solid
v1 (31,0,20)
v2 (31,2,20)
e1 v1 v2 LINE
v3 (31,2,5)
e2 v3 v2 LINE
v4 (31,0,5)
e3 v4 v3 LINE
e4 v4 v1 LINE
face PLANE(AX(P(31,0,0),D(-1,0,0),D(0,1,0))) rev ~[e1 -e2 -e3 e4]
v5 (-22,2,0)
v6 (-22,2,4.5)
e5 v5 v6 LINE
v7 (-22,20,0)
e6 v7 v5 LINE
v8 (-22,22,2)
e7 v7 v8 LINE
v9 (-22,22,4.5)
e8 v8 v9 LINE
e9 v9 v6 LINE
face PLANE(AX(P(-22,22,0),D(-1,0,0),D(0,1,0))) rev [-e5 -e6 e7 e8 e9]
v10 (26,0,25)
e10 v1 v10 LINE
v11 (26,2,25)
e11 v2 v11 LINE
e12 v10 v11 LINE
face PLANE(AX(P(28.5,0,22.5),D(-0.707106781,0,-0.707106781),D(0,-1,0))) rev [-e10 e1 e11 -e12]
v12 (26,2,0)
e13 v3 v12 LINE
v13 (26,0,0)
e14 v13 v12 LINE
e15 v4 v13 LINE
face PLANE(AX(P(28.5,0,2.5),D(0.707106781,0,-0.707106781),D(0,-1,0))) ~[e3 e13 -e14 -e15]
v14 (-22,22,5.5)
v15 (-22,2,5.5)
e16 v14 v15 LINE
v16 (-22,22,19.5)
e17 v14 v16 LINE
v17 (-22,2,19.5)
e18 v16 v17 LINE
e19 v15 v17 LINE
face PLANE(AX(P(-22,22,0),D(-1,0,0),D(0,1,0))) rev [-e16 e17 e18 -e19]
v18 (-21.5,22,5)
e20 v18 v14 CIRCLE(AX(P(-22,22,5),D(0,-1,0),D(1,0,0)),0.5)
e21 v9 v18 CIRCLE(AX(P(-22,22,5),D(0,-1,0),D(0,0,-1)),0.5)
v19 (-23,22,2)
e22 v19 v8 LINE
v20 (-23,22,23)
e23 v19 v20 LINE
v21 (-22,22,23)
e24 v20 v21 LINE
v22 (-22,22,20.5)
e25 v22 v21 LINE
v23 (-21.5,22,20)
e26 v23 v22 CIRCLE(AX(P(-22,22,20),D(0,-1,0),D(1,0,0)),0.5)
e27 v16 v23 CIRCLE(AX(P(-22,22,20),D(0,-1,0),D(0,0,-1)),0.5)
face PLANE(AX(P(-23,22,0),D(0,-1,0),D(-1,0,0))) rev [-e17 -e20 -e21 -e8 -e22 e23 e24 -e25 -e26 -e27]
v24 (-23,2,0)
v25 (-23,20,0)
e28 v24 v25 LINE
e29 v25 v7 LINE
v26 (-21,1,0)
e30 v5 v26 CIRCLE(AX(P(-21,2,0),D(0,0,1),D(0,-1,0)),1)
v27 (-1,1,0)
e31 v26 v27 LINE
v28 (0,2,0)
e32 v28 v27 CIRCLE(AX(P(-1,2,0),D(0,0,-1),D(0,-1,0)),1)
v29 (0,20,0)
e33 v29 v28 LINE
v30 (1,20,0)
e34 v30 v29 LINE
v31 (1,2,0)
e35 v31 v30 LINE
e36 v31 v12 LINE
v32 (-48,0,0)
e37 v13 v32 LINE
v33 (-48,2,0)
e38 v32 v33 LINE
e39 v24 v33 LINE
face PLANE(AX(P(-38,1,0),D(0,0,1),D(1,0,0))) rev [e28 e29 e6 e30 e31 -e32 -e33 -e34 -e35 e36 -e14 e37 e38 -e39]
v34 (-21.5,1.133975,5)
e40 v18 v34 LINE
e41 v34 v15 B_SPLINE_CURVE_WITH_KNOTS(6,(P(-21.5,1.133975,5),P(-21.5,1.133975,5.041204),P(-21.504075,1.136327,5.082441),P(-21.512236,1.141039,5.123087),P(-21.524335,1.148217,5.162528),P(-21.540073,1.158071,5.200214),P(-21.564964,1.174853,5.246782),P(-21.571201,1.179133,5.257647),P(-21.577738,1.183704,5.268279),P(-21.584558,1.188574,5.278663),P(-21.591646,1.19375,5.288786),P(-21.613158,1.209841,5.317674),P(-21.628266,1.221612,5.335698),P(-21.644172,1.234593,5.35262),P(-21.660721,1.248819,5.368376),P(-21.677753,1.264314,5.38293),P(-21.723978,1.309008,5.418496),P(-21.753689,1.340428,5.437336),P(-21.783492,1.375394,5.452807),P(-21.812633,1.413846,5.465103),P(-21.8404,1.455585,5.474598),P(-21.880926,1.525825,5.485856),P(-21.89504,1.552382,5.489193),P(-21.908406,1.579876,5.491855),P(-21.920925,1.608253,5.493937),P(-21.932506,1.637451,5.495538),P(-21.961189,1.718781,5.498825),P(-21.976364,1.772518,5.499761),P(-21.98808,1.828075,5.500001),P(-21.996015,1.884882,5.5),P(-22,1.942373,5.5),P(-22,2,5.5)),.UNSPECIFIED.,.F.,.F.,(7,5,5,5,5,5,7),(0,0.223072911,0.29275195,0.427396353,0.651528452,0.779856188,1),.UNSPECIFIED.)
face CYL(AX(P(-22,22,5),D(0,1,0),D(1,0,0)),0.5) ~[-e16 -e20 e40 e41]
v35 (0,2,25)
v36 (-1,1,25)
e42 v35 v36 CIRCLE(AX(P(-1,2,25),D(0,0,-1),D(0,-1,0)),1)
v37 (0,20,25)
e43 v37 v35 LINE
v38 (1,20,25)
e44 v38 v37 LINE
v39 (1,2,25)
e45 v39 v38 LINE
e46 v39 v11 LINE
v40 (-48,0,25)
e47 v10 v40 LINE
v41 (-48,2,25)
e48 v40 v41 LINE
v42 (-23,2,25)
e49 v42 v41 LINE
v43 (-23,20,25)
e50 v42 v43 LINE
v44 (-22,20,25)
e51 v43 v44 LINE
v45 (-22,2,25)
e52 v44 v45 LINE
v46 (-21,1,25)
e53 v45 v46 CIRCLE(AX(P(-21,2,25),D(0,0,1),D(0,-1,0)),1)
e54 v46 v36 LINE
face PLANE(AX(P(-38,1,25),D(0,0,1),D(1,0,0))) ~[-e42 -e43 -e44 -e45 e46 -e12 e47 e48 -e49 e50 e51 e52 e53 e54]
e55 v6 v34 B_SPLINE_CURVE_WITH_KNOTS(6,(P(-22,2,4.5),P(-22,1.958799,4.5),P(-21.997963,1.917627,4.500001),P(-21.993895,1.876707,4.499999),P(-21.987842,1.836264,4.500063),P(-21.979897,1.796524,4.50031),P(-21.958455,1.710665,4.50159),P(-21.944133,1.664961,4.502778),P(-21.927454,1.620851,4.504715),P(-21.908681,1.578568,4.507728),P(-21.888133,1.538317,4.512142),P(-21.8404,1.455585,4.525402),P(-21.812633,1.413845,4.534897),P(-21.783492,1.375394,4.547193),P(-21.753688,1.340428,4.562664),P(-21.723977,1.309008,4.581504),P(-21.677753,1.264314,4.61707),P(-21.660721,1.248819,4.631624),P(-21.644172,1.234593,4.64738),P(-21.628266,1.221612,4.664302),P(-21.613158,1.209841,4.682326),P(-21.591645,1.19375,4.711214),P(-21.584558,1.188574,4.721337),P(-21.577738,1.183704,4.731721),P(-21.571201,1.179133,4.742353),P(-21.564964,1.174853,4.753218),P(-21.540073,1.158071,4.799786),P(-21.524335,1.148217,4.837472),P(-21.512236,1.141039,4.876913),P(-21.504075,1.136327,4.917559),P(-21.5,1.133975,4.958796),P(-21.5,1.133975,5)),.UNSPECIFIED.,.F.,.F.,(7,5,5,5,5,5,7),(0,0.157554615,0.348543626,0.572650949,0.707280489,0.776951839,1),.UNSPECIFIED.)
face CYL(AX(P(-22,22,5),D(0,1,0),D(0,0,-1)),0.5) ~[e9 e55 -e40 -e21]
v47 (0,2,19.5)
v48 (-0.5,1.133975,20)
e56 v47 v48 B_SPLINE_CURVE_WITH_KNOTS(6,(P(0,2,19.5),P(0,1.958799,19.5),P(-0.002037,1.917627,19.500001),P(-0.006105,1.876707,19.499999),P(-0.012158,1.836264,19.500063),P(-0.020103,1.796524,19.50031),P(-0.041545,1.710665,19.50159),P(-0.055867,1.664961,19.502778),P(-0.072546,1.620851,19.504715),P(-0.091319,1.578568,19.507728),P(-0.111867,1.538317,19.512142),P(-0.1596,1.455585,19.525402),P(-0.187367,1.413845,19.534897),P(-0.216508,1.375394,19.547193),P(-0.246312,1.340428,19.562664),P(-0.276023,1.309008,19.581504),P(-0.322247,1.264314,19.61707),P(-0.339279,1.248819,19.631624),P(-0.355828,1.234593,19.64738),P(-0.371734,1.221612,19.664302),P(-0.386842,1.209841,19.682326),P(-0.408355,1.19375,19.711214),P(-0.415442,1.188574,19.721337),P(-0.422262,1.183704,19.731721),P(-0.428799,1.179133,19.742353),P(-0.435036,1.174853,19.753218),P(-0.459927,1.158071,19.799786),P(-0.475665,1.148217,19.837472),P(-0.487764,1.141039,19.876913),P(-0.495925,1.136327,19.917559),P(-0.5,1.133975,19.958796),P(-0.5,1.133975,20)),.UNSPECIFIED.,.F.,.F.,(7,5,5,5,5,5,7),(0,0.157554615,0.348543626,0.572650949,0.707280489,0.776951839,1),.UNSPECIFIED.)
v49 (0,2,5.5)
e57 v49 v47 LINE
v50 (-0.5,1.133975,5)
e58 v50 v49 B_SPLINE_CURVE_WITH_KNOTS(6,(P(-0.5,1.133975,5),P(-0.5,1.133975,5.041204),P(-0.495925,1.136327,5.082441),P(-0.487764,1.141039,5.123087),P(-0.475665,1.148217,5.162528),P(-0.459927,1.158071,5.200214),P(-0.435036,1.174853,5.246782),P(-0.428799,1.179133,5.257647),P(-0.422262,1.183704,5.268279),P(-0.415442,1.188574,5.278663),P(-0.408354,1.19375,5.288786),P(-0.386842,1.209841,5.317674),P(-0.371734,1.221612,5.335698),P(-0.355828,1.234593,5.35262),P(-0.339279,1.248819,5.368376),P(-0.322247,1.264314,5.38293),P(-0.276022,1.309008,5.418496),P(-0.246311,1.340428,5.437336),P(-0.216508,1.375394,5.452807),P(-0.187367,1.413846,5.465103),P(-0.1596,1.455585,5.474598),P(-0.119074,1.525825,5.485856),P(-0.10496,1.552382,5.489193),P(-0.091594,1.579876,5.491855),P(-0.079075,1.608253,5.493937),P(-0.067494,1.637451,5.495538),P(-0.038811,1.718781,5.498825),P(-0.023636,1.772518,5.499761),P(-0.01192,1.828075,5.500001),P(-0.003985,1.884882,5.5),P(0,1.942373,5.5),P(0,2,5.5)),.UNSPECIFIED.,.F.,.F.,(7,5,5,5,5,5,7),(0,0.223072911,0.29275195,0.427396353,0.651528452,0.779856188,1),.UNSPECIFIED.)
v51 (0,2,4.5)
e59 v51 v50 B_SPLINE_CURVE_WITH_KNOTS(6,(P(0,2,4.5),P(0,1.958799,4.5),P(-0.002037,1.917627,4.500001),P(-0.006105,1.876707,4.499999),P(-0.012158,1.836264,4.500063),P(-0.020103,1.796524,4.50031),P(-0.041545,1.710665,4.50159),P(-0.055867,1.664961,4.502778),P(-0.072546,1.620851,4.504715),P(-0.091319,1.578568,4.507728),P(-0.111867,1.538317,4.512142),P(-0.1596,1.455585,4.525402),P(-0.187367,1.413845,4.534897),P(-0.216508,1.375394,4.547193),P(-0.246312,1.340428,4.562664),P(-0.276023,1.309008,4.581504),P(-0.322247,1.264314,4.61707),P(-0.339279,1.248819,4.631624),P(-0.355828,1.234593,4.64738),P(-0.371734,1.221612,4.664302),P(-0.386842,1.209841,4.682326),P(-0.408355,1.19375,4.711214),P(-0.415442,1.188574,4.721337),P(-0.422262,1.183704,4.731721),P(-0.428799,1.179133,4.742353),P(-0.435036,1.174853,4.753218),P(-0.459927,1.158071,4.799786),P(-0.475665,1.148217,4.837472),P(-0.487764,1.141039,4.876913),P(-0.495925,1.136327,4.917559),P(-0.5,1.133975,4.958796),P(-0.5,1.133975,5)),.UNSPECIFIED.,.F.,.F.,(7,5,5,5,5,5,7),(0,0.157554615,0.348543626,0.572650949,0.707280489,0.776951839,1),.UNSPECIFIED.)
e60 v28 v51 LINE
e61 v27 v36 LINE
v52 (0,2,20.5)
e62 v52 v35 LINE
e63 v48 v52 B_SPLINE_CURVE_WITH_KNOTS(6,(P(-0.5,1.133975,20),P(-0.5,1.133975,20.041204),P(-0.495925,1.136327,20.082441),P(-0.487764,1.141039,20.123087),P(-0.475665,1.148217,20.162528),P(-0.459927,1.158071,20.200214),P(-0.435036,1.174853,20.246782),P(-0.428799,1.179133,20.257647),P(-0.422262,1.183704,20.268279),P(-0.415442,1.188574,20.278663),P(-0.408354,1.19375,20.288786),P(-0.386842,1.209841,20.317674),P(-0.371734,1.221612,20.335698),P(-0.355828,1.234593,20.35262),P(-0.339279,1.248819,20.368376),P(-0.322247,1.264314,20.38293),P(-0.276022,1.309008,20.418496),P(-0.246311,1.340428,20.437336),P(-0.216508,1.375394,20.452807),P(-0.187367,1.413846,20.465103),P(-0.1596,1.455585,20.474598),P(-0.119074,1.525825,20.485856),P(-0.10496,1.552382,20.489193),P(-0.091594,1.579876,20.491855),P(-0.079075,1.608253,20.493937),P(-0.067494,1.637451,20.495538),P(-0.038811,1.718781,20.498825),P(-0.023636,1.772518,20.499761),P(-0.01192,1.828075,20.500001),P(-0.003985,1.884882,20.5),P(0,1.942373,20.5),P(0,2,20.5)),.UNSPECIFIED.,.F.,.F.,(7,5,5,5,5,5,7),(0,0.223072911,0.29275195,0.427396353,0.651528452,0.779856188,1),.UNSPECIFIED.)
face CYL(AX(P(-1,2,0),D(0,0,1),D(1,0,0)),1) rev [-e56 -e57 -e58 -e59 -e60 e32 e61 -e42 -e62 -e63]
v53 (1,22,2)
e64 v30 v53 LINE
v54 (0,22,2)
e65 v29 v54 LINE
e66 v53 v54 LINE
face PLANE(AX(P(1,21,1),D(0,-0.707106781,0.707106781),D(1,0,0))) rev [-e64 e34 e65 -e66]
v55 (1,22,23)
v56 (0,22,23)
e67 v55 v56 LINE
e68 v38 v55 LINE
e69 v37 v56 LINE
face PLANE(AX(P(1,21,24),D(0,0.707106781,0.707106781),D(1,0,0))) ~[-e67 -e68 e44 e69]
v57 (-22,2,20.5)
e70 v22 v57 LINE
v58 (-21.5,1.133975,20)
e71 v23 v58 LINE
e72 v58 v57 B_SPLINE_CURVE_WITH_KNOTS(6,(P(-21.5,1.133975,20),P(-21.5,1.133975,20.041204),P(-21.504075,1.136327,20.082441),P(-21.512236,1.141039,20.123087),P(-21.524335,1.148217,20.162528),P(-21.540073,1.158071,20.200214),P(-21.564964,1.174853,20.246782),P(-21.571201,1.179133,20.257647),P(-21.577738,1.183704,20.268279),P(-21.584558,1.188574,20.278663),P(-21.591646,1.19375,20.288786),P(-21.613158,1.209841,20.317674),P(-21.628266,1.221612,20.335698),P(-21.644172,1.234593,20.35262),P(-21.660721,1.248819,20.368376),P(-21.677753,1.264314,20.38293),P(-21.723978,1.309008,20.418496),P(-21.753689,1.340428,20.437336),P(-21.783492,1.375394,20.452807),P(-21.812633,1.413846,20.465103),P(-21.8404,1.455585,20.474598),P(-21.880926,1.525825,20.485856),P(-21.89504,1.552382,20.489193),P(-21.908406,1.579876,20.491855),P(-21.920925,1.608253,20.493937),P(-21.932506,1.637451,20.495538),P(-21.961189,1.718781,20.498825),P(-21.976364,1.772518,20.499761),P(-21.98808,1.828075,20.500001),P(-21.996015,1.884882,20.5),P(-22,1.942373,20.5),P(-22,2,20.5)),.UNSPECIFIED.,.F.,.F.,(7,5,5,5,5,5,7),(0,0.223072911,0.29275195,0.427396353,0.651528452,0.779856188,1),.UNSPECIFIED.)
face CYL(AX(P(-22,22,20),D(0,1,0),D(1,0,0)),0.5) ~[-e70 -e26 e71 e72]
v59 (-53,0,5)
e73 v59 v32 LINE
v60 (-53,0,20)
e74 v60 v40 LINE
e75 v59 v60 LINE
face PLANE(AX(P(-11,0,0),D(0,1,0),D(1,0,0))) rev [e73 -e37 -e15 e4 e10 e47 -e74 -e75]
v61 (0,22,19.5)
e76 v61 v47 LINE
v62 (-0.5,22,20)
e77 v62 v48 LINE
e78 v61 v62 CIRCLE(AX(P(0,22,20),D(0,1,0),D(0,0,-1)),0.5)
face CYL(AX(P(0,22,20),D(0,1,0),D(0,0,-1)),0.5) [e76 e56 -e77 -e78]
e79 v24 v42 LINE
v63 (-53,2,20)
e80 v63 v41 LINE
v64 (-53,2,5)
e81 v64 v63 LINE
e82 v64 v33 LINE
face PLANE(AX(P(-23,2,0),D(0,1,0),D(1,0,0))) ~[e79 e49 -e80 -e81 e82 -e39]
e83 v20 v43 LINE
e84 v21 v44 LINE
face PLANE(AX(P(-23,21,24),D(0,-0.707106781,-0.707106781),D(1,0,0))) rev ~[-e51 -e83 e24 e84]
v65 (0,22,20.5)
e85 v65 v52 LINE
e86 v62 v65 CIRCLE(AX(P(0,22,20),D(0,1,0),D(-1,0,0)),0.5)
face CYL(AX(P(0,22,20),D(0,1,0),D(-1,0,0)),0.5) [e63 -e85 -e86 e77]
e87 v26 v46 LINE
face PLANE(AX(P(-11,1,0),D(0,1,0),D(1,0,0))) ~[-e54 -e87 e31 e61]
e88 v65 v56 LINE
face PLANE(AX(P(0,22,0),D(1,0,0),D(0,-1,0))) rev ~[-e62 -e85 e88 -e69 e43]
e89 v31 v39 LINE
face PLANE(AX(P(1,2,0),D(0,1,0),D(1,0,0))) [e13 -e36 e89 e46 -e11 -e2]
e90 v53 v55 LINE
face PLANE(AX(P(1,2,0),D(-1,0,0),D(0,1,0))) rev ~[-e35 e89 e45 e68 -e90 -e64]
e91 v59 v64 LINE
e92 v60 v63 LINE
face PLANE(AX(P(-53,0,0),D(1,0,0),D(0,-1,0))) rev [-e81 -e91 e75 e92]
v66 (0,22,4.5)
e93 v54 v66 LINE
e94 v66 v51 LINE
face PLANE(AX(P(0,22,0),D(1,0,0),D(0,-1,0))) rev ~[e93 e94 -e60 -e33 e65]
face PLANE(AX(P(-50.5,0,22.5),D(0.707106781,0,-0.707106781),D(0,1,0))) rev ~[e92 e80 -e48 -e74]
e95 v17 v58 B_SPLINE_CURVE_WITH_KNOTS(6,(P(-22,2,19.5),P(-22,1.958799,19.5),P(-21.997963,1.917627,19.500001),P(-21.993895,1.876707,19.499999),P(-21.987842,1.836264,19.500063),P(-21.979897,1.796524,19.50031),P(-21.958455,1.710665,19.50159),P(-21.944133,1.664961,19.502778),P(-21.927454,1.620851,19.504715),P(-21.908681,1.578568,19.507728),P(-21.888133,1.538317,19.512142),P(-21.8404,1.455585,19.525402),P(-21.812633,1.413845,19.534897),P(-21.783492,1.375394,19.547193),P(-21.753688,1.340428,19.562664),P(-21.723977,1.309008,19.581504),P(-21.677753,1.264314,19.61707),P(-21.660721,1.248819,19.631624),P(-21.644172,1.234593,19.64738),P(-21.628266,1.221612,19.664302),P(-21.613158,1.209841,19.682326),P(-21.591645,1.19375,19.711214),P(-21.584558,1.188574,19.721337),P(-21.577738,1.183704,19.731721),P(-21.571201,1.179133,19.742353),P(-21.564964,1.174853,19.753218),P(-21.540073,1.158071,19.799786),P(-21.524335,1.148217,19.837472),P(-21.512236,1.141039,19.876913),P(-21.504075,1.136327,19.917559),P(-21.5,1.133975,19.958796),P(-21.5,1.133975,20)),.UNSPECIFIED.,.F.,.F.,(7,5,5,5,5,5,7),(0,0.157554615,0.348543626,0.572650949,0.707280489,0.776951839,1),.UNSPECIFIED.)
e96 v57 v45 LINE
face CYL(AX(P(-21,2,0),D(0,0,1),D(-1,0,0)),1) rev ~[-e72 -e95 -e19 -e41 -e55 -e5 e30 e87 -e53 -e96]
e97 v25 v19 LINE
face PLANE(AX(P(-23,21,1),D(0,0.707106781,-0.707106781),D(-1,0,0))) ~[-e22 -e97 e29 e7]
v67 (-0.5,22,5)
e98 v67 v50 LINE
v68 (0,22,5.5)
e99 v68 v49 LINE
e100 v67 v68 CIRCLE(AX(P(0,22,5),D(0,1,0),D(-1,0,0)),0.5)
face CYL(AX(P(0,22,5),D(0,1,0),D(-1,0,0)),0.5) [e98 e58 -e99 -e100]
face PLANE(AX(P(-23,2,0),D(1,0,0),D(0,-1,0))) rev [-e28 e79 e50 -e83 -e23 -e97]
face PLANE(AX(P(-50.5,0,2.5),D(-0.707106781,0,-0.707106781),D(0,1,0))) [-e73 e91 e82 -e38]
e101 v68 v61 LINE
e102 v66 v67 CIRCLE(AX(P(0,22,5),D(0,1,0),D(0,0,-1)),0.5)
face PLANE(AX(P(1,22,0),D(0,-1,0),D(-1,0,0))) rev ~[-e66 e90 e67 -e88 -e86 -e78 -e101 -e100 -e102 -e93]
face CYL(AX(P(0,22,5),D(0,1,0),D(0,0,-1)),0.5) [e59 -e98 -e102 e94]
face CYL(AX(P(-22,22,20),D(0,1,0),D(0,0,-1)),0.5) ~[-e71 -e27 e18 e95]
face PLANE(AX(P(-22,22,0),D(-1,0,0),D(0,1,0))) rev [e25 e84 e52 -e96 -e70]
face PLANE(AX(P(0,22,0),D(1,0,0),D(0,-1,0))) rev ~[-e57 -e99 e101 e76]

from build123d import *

# Parameters (mm, degrees)
F0_W     = 30
F0_H     = 2
F0_W_2   = 11
F0_H_2   = 1
F1_DEPTH = 25
F2_SIZE  = 5
F3_R     = 1
F7_SIZE  = 2


with BuildPart() as f1:
    # F0 (on Top) → F1 (new body)
    with BuildSketch(Plane.XY):
        with Locations((16, 1)):
            Rectangle(F0_W, F0_H)
        Polygon((0, 1), (0, 0), (1, 0), (1, 2), (1, 22), (0, 22), align=None)
        with Locations((-5.5, 0.5)):
            Rectangle(F0_W_2, F0_H_2)
    extrude(amount=F1_DEPTH)

    # F2
    f2_edges = [f1.edges().sort_by_distance(p)[0] for p in [
        (31, 1, 0),
        (31, 1, 25),
    ]]
    chamfer(f2_edges, length=F2_SIZE)

    # F3
    f3_edges = [f1.edges().sort_by_distance(p)[0] for p in [
        (0, 1, 12.5),
    ]]
    fillet(f3_edges, radius=F3_R)

    # F4 (on face) → F5 (join, up to the next surface of F1)
    with BuildSketch(Plane(origin=(0, 22, 0), x_dir=(-1, 0, 0), z_dir=(0, 1, 0))):
        with BuildLine():
            ThreePointArc((0.5, 5), (0.3535533906, 5.3535533906), (0, 5.5))
            Line((0, 5.5), (0, 4.5))
            ThreePointArc((0, 4.5), (0.3535533906, 4.6464466094), (0.5, 5))
        make_face()
        with BuildLine():
            ThreePointArc((0, 19.5), (0.3535533906, 19.6464466094), (0.5, 20))
            ThreePointArc((0.5, 20), (0.3535533906, 20.3535533906), (0, 20.5))
            Line((0, 20.5), (0, 19.5))
        make_face()
    extrude(until=Until.NEXT, dir=(0, -1, 0))

    # F6: F1 across face


with BuildPart() as f1_1:
    add(f1.part)
    add(f1.part.mirror(Plane(origin=(-11, 0.5, 12.5), x_dir=(0, -1, 0), z_dir=(-1, 0, 0))))

    # F7
    f7_edges = [f1_1.edges().sort_by_distance(p)[0] for p in [
        (-22.5, 22, 25),
        (-22.5, 22, 0),
        (0.5, 22, 25),
        (0.5, 22, 0),
    ]]
    chamfer(f7_edges, length=F7_SIZE)


solid = f1_1.part
